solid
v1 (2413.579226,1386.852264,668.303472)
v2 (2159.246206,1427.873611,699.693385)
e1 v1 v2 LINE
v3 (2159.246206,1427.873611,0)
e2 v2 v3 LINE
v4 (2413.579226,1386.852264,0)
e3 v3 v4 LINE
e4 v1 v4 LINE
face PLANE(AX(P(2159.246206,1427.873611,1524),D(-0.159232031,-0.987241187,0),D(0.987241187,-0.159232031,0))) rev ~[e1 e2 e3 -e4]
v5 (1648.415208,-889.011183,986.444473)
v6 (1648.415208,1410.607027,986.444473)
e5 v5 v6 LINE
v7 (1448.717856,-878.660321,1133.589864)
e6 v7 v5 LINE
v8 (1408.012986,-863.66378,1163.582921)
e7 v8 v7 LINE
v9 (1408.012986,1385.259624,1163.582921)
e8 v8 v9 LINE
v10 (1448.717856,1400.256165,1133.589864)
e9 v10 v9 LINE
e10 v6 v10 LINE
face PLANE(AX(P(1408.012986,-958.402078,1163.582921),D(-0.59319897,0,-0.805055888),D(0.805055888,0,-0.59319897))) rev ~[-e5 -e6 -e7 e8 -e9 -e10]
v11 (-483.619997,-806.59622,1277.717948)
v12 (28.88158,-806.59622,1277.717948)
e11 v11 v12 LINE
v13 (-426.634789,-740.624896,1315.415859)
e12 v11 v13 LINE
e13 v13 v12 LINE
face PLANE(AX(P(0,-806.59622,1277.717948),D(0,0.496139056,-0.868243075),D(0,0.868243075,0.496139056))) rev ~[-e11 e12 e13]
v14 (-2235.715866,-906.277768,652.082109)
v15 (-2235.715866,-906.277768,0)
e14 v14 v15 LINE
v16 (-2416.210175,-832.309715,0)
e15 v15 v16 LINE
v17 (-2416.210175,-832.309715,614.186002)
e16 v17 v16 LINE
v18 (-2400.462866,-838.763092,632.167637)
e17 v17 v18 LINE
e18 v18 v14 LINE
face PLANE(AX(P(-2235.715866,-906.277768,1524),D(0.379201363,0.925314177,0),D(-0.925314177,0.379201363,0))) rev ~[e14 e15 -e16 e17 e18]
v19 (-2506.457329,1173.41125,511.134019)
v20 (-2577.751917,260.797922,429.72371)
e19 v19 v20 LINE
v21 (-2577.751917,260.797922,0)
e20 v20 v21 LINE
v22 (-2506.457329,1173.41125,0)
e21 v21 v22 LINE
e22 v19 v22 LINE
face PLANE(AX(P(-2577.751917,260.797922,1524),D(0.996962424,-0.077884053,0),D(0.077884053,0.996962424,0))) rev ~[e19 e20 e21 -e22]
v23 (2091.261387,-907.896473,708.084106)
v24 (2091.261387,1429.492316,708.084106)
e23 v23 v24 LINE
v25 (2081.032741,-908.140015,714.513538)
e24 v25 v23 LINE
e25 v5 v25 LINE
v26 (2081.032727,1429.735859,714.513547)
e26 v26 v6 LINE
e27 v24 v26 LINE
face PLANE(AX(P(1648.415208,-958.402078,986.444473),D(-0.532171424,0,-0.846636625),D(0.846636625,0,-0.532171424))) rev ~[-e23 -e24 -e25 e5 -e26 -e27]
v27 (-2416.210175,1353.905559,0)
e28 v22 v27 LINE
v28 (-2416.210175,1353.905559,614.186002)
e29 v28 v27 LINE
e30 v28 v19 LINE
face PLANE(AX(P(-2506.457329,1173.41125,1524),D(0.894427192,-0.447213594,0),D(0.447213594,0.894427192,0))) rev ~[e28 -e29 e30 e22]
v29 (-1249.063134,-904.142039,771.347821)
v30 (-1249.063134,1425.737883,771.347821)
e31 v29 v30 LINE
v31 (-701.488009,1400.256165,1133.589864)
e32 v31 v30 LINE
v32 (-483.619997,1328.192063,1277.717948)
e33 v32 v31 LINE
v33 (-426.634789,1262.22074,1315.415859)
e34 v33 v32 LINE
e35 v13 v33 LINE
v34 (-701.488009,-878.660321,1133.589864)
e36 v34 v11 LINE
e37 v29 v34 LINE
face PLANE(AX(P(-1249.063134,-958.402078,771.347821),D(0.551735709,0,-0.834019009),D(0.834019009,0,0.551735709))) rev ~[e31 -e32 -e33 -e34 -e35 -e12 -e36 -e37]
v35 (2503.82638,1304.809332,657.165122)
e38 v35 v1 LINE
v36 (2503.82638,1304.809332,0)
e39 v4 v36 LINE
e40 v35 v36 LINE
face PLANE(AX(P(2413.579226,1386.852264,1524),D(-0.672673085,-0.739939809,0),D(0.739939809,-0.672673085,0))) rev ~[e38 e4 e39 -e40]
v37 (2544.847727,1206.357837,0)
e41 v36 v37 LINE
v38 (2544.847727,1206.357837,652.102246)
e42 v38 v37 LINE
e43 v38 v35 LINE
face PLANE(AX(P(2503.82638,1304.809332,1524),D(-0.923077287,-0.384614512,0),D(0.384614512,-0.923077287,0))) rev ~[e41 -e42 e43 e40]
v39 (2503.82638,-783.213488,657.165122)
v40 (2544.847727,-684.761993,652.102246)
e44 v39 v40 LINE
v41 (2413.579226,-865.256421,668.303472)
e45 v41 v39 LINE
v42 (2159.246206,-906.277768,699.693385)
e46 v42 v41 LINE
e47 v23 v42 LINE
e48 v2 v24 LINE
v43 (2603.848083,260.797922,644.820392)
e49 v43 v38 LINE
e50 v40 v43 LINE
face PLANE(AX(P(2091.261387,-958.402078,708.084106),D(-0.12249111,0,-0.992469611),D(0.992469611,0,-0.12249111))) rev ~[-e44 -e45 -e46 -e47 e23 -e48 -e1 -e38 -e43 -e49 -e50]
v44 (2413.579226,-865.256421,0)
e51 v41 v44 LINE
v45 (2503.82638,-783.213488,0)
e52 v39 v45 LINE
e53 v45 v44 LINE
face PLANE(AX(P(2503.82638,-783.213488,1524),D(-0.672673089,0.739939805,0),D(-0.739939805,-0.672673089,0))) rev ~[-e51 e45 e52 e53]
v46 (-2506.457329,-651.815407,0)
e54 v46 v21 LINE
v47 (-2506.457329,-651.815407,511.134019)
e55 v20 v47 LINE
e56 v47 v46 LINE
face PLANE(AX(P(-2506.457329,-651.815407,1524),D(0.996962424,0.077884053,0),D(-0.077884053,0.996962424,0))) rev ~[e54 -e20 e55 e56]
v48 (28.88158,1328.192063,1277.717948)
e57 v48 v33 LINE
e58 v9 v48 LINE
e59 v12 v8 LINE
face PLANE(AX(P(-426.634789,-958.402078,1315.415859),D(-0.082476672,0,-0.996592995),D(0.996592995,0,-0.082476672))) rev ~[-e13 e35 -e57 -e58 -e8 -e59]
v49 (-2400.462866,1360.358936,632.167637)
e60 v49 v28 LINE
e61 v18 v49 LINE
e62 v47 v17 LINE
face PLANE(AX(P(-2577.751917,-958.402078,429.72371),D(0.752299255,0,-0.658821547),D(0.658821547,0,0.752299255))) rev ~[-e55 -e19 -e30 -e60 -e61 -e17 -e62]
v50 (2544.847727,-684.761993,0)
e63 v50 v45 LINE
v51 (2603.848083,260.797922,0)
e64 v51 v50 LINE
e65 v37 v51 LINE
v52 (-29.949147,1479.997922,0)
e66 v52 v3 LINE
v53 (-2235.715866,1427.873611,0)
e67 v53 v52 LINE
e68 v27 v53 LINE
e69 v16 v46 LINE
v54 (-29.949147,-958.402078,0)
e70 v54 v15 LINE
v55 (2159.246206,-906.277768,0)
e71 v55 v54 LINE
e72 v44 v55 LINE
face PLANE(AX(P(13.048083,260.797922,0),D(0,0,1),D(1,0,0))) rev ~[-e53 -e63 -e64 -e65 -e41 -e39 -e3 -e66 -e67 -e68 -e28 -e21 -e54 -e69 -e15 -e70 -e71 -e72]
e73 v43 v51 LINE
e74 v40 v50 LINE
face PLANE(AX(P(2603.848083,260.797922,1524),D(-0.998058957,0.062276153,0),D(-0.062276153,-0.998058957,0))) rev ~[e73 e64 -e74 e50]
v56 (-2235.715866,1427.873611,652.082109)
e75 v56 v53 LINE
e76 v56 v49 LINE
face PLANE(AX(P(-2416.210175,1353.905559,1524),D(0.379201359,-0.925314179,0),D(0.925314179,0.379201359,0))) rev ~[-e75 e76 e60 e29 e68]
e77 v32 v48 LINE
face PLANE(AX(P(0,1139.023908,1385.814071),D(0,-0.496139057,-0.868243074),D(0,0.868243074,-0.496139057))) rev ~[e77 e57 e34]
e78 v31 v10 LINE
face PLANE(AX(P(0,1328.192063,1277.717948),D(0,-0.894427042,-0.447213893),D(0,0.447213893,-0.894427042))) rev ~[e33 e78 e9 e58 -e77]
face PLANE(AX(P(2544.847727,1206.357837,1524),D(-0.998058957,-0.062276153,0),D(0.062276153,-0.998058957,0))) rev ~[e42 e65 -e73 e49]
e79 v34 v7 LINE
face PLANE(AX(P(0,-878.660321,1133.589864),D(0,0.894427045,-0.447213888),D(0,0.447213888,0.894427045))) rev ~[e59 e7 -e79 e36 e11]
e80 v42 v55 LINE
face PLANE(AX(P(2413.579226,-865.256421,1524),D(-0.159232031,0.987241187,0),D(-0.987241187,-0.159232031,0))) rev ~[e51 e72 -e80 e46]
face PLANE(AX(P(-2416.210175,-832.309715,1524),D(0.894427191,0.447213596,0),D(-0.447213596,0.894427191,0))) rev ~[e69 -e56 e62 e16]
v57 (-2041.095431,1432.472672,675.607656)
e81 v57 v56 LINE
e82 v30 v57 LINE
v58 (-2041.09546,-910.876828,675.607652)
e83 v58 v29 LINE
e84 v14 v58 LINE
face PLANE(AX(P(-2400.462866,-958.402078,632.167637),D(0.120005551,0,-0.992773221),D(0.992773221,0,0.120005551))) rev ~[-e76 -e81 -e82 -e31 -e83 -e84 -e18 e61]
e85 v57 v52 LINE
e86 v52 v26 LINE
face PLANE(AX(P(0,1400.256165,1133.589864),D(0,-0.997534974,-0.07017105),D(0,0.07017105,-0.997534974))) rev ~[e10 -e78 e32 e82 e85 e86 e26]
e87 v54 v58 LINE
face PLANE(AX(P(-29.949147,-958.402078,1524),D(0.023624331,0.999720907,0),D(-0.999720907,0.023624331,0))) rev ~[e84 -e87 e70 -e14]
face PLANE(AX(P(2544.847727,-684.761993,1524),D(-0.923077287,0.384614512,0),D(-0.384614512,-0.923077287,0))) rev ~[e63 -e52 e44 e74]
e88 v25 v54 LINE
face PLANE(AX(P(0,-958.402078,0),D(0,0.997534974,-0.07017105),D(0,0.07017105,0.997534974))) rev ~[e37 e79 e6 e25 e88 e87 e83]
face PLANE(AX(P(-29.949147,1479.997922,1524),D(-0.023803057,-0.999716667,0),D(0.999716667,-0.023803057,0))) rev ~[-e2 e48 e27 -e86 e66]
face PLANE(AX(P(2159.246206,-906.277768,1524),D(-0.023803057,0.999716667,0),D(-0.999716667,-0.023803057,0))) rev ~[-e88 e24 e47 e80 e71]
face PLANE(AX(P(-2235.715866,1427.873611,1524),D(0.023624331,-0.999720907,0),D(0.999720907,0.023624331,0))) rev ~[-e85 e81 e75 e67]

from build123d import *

# Parameters (mm, degrees)
F0_W     = 5181.6
F0_H     = 2438.4
F1_DEPTH = 1524
F2_W     = 6013.317108
F2_H     = 2221.975178
F4_DEPTH = 2438.401
F3_W     = 6408.629179
F3_H     = 3328.86374
F5_DEPTH = 1524.001
F6_W     = 3945.398092
F6_H     = 2208.867222
F7_DEPTH = 12700


with BuildPart() as f1:
    # F0 (on Top) → F1 (new body)
    with BuildSketch(Plane.XY):
        with Locations((13.048083, 260.797922)):
            Rectangle(F0_W, F0_H)
    extrude(amount=F1_DEPTH)

    # F2 (on face) → F4 (cut, through all)
    with BuildSketch(Plane.XZ.offset(958.402078)):
        with Locations((63.637257, 640.401438)):
            Rectangle(F2_W, F2_H)
        Polygon((2091.261387, 708.084106), (2603.848083, 644.820392), (2603.848083, 0), (-2577.751917, 0), (-2577.751917, 429.72371), (-2400.462866, 632.167637), (-1249.063134, 771.347821), (-426.634789, 1315.415859), (1408.012986, 1163.582921), (1648.415208, 986.444473), align=None, mode=Mode.SUBTRACT)
    extrude(amount=-F4_DEPTH, mode=Mode.SUBTRACT)

    # F3 (on face) → F5 (cut, through all)
    with BuildSketch(Plane.XY.offset(1524)):
        with Locations((28.381705, 245.088637)):
            Rectangle(F3_W, F3_H)
        Polygon((2544.847727, 1206.357837), (2603.848083, 260.797922), (2544.847727, -684.761993), (2503.82638, -783.213488), (2413.579226, -865.256421), (2159.246206, -906.277768), (-29.949147, -958.402078), (-2235.715866, -906.277768), (-2416.210175, -832.309715), (-2506.457329, -651.815407), (-2577.751917, 260.797922), (-2506.457329, 1173.41125), (-2416.210175, 1353.905559), (-2235.715866, 1427.873611), (-29.949147, 1479.997922), (2159.246206, 1427.873611), (2413.579226, 1386.852264), (2503.82638, 1304.809332), align=None, mode=Mode.SUBTRACT)
    extrude(amount=-F5_DEPTH, mode=Mode.SUBTRACT)

    # F6 (on Right) → F7 (cut, symmetric)
    with BuildSketch(Plane.YZ):
        with Locations((295.375705, 715.462372)):
            Rectangle(F6_W, F6_H)
        Polygon((260.797922, 0), (-958.402078, 0), (-878.660321, 1133.589864), (-806.59622, 1277.717948), (-617.428064, 1385.814071), (-145.066872, 1499.75121), (260.797922, 1524), (666.662716, 1499.75121), (1139.023908, 1385.814071), (1328.192063, 1277.717948), (1400.256165, 1133.589864), (1479.997922, 0), align=None, mode=Mode.SUBTRACT)
    extrude(amount=F7_DEPTH, both=True, mode=Mode.SUBTRACT)


solid = f1.part
